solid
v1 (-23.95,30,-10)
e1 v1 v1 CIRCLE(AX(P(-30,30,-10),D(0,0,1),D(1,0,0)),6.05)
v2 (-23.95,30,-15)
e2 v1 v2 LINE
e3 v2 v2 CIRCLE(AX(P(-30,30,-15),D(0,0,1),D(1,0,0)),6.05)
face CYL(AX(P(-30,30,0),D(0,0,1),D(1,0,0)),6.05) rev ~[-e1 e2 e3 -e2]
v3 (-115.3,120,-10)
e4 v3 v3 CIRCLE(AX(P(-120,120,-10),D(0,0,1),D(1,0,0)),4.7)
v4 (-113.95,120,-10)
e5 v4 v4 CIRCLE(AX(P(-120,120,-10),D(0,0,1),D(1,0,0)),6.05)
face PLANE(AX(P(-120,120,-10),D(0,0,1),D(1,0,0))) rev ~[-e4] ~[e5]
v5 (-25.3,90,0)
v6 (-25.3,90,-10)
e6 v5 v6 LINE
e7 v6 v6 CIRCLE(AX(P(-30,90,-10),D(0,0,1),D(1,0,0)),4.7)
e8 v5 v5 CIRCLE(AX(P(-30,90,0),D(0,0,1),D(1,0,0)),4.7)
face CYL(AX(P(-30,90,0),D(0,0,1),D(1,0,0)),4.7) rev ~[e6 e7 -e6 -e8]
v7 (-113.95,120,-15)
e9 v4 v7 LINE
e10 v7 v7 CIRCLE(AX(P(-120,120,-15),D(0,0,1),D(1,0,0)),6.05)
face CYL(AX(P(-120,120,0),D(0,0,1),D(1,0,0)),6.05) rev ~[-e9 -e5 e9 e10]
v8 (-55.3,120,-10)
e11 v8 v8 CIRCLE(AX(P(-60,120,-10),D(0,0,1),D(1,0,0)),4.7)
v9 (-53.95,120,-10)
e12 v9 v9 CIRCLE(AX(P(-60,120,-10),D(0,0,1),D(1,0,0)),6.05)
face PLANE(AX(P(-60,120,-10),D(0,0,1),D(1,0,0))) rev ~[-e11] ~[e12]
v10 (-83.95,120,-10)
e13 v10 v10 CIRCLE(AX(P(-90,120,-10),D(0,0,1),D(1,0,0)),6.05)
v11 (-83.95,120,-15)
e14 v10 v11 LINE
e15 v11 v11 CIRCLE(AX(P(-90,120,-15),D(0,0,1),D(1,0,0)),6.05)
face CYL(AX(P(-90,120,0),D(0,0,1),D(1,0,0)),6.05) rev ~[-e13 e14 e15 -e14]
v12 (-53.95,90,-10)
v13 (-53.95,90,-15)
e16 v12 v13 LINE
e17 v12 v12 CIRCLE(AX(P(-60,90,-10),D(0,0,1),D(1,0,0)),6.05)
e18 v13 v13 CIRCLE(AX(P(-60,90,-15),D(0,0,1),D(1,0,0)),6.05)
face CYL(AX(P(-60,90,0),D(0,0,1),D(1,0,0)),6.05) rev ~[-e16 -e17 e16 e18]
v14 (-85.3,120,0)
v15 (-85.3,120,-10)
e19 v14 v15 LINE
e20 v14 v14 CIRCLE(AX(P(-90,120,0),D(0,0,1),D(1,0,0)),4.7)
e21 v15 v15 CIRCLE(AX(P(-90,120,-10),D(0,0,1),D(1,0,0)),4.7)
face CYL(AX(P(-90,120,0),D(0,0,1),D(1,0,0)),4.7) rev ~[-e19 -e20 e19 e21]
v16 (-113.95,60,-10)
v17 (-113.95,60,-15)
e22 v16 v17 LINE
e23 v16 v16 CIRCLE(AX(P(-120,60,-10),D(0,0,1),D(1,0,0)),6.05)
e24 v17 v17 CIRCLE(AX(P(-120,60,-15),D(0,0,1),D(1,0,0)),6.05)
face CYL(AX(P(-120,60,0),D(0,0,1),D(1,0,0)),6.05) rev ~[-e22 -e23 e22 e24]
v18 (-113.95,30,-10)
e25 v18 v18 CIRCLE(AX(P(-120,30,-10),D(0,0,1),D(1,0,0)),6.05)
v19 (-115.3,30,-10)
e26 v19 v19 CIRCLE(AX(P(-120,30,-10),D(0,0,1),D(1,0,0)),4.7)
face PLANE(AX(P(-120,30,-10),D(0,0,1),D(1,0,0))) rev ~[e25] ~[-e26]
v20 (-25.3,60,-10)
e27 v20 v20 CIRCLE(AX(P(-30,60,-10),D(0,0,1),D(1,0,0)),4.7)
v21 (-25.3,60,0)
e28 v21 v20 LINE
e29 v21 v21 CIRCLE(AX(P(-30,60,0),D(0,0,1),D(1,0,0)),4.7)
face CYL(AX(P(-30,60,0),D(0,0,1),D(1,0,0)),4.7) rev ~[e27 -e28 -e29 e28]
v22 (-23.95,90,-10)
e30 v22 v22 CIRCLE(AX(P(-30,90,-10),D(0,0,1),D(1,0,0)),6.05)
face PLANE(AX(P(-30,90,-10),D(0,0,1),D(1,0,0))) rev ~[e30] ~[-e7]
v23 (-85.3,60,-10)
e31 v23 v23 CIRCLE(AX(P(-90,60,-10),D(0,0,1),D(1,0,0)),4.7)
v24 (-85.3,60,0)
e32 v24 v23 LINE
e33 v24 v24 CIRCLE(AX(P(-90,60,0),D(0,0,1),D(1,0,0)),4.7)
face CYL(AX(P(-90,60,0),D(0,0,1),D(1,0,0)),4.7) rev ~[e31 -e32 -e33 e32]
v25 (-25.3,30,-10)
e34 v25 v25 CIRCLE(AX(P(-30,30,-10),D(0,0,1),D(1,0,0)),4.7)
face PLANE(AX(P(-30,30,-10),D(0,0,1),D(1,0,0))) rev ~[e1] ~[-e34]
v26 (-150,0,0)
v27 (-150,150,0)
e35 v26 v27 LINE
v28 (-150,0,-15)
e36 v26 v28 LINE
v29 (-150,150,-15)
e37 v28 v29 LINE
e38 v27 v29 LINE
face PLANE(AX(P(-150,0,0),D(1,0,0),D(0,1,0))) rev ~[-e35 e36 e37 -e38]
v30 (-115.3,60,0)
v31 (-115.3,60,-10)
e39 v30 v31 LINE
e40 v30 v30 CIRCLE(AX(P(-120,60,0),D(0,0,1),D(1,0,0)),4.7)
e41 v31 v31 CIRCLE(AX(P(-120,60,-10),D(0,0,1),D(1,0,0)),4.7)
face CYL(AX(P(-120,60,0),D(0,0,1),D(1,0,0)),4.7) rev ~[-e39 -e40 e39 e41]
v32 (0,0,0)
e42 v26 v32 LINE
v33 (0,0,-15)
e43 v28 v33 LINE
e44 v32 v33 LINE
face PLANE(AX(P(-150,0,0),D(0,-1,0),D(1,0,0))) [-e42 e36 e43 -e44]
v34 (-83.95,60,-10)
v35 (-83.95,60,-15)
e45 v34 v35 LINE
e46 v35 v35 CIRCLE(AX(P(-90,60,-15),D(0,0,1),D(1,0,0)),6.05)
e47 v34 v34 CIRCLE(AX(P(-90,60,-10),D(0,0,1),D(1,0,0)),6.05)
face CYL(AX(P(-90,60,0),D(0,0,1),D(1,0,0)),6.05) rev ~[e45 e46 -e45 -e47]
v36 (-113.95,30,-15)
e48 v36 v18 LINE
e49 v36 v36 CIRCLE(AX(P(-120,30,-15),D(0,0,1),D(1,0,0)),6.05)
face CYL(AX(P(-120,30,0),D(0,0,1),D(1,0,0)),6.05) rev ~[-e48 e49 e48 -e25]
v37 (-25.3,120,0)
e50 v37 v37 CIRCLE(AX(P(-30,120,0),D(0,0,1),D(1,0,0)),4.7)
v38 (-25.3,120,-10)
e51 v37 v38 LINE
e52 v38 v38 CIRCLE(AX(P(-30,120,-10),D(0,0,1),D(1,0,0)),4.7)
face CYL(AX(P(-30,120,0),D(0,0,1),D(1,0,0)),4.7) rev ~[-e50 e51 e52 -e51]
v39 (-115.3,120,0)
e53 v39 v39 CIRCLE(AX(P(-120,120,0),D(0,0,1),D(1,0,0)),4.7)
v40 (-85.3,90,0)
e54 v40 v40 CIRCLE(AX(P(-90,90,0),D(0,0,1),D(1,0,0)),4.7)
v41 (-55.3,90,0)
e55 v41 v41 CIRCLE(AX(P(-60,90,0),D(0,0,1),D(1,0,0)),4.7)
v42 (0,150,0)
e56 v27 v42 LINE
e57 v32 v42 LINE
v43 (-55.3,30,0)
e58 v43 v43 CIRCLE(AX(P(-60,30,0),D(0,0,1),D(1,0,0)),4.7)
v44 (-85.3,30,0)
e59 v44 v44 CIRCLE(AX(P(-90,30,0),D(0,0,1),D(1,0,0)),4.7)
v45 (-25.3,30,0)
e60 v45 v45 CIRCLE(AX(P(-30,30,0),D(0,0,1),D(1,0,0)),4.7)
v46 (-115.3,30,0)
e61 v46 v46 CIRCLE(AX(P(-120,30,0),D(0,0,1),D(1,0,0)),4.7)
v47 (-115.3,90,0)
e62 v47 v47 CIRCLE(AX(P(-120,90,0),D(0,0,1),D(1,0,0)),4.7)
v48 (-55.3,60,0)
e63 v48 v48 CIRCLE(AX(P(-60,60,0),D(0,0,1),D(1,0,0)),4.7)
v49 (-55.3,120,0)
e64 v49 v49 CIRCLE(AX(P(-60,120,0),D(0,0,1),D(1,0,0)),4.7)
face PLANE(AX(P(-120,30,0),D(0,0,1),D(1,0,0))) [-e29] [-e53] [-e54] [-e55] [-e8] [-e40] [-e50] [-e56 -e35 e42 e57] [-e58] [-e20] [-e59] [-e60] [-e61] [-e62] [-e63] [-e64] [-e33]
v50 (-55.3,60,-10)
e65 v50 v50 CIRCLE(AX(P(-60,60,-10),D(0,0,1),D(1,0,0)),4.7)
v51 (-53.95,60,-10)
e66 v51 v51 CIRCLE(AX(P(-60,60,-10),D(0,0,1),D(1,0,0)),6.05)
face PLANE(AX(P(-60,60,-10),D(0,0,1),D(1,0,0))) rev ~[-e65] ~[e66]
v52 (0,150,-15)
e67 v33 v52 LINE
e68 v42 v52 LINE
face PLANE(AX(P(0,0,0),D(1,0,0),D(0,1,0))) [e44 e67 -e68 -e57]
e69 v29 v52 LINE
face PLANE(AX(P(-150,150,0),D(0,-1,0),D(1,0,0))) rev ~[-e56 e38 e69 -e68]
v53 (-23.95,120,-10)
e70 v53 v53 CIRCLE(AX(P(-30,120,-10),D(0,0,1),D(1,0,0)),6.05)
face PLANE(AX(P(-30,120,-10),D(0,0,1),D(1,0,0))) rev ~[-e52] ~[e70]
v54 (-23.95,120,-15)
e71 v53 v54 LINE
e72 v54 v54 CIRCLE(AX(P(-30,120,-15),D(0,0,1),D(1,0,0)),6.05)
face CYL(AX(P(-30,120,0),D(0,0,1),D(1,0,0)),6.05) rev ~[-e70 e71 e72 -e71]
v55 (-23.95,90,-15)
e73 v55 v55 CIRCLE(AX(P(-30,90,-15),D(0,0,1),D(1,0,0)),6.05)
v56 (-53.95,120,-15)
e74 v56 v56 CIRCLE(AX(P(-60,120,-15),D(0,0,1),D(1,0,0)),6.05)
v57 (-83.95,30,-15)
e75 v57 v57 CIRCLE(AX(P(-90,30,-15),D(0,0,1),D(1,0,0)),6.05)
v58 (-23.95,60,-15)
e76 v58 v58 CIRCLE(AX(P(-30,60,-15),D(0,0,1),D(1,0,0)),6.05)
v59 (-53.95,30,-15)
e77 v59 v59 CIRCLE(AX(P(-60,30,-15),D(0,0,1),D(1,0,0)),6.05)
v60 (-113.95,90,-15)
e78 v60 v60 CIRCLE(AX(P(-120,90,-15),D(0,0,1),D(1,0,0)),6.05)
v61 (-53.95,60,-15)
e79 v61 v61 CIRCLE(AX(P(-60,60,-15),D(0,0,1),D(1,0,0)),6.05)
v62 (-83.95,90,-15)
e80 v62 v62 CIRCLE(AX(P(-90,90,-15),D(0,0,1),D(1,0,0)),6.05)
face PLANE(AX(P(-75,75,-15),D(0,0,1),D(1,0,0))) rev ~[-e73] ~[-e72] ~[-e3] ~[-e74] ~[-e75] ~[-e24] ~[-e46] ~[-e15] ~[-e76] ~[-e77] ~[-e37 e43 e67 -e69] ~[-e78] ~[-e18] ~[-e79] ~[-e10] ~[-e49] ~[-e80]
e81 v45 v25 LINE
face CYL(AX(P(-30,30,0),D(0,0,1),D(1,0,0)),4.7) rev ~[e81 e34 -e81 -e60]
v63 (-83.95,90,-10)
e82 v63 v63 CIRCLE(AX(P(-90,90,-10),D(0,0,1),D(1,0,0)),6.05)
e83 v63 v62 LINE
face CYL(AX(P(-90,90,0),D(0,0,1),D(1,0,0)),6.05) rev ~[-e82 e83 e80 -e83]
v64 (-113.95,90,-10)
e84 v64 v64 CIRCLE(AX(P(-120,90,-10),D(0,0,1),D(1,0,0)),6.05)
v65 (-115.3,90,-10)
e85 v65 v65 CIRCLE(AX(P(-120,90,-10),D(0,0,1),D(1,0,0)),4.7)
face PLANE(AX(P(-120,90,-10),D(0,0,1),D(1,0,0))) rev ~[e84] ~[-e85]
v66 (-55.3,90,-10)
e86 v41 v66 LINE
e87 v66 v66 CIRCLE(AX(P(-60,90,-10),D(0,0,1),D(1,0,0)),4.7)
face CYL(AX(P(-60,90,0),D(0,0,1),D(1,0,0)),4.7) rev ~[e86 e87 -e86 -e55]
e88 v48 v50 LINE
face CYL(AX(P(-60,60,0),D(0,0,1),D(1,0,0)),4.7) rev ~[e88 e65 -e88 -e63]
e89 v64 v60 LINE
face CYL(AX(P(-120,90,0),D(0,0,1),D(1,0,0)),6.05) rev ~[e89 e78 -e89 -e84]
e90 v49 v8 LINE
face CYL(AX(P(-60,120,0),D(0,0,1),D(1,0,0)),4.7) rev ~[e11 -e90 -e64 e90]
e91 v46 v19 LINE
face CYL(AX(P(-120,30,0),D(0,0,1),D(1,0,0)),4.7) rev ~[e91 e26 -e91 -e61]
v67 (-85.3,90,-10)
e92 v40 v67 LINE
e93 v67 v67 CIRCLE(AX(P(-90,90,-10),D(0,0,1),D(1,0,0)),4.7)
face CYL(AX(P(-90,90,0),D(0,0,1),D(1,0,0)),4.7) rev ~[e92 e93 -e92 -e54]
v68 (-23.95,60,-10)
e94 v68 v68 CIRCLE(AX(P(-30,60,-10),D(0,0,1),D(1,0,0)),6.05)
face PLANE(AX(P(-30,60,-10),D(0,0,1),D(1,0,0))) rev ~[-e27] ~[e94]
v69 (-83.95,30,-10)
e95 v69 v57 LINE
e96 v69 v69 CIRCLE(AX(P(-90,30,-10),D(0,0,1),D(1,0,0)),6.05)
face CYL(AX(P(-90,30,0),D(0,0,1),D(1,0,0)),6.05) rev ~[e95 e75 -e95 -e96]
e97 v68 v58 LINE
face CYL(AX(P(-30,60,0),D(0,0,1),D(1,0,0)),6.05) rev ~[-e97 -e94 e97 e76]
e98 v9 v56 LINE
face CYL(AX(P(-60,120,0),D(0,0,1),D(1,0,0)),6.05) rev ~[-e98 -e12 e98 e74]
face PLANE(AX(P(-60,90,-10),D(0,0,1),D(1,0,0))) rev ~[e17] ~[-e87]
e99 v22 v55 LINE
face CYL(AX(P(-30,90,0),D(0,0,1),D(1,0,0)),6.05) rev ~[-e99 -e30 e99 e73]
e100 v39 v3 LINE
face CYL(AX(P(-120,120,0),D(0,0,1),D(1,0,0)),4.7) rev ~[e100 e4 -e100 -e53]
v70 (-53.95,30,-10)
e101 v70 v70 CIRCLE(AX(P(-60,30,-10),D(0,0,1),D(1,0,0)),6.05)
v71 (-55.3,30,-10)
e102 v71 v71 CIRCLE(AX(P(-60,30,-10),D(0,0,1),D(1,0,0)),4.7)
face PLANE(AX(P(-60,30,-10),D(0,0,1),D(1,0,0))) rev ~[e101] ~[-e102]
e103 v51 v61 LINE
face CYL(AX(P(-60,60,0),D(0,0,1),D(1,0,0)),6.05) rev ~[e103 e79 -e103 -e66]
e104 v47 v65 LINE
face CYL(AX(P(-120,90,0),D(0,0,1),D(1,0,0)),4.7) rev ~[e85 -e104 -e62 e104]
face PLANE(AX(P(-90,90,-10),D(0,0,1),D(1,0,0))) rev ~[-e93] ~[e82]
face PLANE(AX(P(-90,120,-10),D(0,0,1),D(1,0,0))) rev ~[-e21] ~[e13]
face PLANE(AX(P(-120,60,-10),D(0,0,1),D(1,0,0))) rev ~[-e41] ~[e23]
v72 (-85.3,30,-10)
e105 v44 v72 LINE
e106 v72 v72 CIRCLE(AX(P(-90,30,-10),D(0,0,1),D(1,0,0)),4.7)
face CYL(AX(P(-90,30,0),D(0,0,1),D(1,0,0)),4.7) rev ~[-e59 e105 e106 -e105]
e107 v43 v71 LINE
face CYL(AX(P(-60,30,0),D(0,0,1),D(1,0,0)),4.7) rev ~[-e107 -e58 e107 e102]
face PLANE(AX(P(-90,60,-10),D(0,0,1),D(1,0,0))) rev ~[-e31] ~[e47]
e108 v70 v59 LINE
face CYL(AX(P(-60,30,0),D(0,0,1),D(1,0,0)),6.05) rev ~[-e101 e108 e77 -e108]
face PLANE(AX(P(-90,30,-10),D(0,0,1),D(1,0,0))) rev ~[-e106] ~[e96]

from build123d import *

# Parameters (mm, degrees)
F0_W     = 150
F0_H     = 150
F0_R     = 6.05
F0_R_2   = 4.7
F1_DEPTH = 15
F2_DEPTH = 15
F3_DEPTH = 10
F4_DEPTH = 10
F5_DEPTH = 10
F6_DEPTH = 25
F7_DEPTH = 10


with BuildPart() as f1:
    # F0 (on Top) → F1 (new body)
    with BuildSketch(Plane.XY):
        with Locations((-75, 75)):
            Rectangle(F0_W, F0_H)
        with Locations((-120, 30)):
            Circle(F0_R, mode=Mode.SUBTRACT)
        with Locations((-90, 30)):
            Circle(F0_R, mode=Mode.SUBTRACT)
        with Locations((-120, 60)):
            Circle(F0_R, mode=Mode.SUBTRACT)
        with Locations((-90, 60)):
            Circle(F0_R, mode=Mode.SUBTRACT)
        with Locations((-60, 30)):
            Circle(F0_R, mode=Mode.SUBTRACT)
        with Locations((-30, 30)):
            Circle(F0_R, mode=Mode.SUBTRACT)
        with Locations((-60, 60)):
            Circle(F0_R, mode=Mode.SUBTRACT)
        with Locations((-30, 60)):
            Circle(F0_R, mode=Mode.SUBTRACT)
        with Locations((-120, 90)):
            Circle(F0_R, mode=Mode.SUBTRACT)
        with Locations((-90, 90)):
            Circle(F0_R, mode=Mode.SUBTRACT)
        with Locations((-120, 120)):
            Circle(F0_R, mode=Mode.SUBTRACT)
        with Locations((-90, 120)):
            Circle(F0_R, mode=Mode.SUBTRACT)
        with Locations((-60, 90)):
            Circle(F0_R, mode=Mode.SUBTRACT)
        with Locations((-30, 90)):
            Circle(F0_R, mode=Mode.SUBTRACT)
        with Locations((-60, 120)):
            Circle(F0_R, mode=Mode.SUBTRACT)
        with Locations((-30, 120)):
            Circle(F0_R, mode=Mode.SUBTRACT)
        with Locations((-120, 30)):
            Circle(F0_R)
        with Locations((-120, 30)):
            Circle(F0_R_2, mode=Mode.SUBTRACT)
        with Locations((-120, 30)):
            Circle(F0_R_2)
    extrude(amount=-F1_DEPTH)

    # F0 (on Top) → F2 (cut)
    with BuildSketch(Plane.XY):
        with Locations((-120, 30)):
            Circle(F0_R_2)
    extrude(amount=-F2_DEPTH, mode=Mode.SUBTRACT)

    # F0 (on Top) → F3 (cut)
    with BuildSketch(Plane.XY):
        with Locations((-120, 30)):
            Circle(F0_R)
        with Locations((-120, 30)):
            Circle(F0_R_2, mode=Mode.SUBTRACT)
    extrude(amount=-F3_DEPTH, mode=Mode.SUBTRACT)

    # F0 (on Top) → F4 (join)
    with BuildSketch(Plane.XY):
        with Locations((-120, 60)):
            Circle(F0_R)
        with Locations((-120, 60)):
            Circle(F0_R_2, mode=Mode.SUBTRACT)
        with Locations((-120, 90)):
            Circle(F0_R)
        with Locations((-120, 90)):
            Circle(F0_R_2, mode=Mode.SUBTRACT)
        with Locations((-120, 120)):
            Circle(F0_R)
        with Locations((-120, 120)):
            Circle(F0_R_2, mode=Mode.SUBTRACT)
        with Locations((-90, 120)):
            Circle(F0_R)
        with Locations((-90, 120)):
            Circle(F0_R_2, mode=Mode.SUBTRACT)
        with Locations((-60, 120)):
            Circle(F0_R)
        with Locations((-60, 120)):
            Circle(F0_R_2, mode=Mode.SUBTRACT)
        with Locations((-90, 90)):
            Circle(F0_R)
        with Locations((-90, 90)):
            Circle(F0_R_2, mode=Mode.SUBTRACT)
        with Locations((-90, 60)):
            Circle(F0_R)
        with Locations((-90, 60)):
            Circle(F0_R_2, mode=Mode.SUBTRACT)
        with Locations((-60, 90)):
            Circle(F0_R)
        with Locations((-60, 90)):
            Circle(F0_R_2, mode=Mode.SUBTRACT)
        with Locations((-30, 90)):
            Circle(F0_R)
        with Locations((-30, 90)):
            Circle(F0_R_2, mode=Mode.SUBTRACT)
        with Locations((-30, 60)):
            Circle(F0_R)
        with Locations((-30, 60)):
            Circle(F0_R_2, mode=Mode.SUBTRACT)
        with Locations((-60, 60)):
            Circle(F0_R)
        with Locations((-60, 60)):
            Circle(F0_R_2, mode=Mode.SUBTRACT)
        with Locations((-60, 30)):
            Circle(F0_R)
        with Locations((-60, 30)):
            Circle(F0_R_2, mode=Mode.SUBTRACT)
        with Locations((-90, 30)):
            Circle(F0_R)
        with Locations((-90, 30)):
            Circle(F0_R_2, mode=Mode.SUBTRACT)
        with Locations((-30, 120)):
            Circle(F0_R)
        with Locations((-30, 120)):
            Circle(F0_R_2, mode=Mode.SUBTRACT)
        with Locations((-30, 30)):
            Circle(F0_R)
        with Locations((-30, 30)):
            Circle(F0_R_2, mode=Mode.SUBTRACT)
        with Locations((-120, 30)):
            Circle(F0_R)
        with Locations((-120, 30)):
            Circle(F0_R_2, mode=Mode.SUBTRACT)
    extrude(amount=-F4_DEPTH)

    # F0 (on Top) → F5 (cut)
    with BuildSketch(Plane.XY):
        with Locations((-120, 30)):
            Circle(F0_R)
        with Locations((-120, 30)):
            Circle(F0_R_2, mode=Mode.SUBTRACT)
    extrude(amount=-F5_DEPTH, mode=Mode.SUBTRACT)

    # F0 (on Top) → F6 (cut)
    with BuildSketch(Plane.XY):
        with Locations((-120, 30)):
            Circle(F0_R)
        with Locations((-120, 30)):
            Circle(F0_R_2, mode=Mode.SUBTRACT)
    extrude(amount=-F6_DEPTH, mode=Mode.SUBTRACT)

    # F0 (on Top) → F7 (join)
    with BuildSketch(Plane.XY):
        with Locations((-120, 30)):
            Circle(F0_R)
        with Locations((-120, 30)):
            Circle(F0_R_2, mode=Mode.SUBTRACT)
    extrude(amount=-F7_DEPTH)


solid = f1.part
